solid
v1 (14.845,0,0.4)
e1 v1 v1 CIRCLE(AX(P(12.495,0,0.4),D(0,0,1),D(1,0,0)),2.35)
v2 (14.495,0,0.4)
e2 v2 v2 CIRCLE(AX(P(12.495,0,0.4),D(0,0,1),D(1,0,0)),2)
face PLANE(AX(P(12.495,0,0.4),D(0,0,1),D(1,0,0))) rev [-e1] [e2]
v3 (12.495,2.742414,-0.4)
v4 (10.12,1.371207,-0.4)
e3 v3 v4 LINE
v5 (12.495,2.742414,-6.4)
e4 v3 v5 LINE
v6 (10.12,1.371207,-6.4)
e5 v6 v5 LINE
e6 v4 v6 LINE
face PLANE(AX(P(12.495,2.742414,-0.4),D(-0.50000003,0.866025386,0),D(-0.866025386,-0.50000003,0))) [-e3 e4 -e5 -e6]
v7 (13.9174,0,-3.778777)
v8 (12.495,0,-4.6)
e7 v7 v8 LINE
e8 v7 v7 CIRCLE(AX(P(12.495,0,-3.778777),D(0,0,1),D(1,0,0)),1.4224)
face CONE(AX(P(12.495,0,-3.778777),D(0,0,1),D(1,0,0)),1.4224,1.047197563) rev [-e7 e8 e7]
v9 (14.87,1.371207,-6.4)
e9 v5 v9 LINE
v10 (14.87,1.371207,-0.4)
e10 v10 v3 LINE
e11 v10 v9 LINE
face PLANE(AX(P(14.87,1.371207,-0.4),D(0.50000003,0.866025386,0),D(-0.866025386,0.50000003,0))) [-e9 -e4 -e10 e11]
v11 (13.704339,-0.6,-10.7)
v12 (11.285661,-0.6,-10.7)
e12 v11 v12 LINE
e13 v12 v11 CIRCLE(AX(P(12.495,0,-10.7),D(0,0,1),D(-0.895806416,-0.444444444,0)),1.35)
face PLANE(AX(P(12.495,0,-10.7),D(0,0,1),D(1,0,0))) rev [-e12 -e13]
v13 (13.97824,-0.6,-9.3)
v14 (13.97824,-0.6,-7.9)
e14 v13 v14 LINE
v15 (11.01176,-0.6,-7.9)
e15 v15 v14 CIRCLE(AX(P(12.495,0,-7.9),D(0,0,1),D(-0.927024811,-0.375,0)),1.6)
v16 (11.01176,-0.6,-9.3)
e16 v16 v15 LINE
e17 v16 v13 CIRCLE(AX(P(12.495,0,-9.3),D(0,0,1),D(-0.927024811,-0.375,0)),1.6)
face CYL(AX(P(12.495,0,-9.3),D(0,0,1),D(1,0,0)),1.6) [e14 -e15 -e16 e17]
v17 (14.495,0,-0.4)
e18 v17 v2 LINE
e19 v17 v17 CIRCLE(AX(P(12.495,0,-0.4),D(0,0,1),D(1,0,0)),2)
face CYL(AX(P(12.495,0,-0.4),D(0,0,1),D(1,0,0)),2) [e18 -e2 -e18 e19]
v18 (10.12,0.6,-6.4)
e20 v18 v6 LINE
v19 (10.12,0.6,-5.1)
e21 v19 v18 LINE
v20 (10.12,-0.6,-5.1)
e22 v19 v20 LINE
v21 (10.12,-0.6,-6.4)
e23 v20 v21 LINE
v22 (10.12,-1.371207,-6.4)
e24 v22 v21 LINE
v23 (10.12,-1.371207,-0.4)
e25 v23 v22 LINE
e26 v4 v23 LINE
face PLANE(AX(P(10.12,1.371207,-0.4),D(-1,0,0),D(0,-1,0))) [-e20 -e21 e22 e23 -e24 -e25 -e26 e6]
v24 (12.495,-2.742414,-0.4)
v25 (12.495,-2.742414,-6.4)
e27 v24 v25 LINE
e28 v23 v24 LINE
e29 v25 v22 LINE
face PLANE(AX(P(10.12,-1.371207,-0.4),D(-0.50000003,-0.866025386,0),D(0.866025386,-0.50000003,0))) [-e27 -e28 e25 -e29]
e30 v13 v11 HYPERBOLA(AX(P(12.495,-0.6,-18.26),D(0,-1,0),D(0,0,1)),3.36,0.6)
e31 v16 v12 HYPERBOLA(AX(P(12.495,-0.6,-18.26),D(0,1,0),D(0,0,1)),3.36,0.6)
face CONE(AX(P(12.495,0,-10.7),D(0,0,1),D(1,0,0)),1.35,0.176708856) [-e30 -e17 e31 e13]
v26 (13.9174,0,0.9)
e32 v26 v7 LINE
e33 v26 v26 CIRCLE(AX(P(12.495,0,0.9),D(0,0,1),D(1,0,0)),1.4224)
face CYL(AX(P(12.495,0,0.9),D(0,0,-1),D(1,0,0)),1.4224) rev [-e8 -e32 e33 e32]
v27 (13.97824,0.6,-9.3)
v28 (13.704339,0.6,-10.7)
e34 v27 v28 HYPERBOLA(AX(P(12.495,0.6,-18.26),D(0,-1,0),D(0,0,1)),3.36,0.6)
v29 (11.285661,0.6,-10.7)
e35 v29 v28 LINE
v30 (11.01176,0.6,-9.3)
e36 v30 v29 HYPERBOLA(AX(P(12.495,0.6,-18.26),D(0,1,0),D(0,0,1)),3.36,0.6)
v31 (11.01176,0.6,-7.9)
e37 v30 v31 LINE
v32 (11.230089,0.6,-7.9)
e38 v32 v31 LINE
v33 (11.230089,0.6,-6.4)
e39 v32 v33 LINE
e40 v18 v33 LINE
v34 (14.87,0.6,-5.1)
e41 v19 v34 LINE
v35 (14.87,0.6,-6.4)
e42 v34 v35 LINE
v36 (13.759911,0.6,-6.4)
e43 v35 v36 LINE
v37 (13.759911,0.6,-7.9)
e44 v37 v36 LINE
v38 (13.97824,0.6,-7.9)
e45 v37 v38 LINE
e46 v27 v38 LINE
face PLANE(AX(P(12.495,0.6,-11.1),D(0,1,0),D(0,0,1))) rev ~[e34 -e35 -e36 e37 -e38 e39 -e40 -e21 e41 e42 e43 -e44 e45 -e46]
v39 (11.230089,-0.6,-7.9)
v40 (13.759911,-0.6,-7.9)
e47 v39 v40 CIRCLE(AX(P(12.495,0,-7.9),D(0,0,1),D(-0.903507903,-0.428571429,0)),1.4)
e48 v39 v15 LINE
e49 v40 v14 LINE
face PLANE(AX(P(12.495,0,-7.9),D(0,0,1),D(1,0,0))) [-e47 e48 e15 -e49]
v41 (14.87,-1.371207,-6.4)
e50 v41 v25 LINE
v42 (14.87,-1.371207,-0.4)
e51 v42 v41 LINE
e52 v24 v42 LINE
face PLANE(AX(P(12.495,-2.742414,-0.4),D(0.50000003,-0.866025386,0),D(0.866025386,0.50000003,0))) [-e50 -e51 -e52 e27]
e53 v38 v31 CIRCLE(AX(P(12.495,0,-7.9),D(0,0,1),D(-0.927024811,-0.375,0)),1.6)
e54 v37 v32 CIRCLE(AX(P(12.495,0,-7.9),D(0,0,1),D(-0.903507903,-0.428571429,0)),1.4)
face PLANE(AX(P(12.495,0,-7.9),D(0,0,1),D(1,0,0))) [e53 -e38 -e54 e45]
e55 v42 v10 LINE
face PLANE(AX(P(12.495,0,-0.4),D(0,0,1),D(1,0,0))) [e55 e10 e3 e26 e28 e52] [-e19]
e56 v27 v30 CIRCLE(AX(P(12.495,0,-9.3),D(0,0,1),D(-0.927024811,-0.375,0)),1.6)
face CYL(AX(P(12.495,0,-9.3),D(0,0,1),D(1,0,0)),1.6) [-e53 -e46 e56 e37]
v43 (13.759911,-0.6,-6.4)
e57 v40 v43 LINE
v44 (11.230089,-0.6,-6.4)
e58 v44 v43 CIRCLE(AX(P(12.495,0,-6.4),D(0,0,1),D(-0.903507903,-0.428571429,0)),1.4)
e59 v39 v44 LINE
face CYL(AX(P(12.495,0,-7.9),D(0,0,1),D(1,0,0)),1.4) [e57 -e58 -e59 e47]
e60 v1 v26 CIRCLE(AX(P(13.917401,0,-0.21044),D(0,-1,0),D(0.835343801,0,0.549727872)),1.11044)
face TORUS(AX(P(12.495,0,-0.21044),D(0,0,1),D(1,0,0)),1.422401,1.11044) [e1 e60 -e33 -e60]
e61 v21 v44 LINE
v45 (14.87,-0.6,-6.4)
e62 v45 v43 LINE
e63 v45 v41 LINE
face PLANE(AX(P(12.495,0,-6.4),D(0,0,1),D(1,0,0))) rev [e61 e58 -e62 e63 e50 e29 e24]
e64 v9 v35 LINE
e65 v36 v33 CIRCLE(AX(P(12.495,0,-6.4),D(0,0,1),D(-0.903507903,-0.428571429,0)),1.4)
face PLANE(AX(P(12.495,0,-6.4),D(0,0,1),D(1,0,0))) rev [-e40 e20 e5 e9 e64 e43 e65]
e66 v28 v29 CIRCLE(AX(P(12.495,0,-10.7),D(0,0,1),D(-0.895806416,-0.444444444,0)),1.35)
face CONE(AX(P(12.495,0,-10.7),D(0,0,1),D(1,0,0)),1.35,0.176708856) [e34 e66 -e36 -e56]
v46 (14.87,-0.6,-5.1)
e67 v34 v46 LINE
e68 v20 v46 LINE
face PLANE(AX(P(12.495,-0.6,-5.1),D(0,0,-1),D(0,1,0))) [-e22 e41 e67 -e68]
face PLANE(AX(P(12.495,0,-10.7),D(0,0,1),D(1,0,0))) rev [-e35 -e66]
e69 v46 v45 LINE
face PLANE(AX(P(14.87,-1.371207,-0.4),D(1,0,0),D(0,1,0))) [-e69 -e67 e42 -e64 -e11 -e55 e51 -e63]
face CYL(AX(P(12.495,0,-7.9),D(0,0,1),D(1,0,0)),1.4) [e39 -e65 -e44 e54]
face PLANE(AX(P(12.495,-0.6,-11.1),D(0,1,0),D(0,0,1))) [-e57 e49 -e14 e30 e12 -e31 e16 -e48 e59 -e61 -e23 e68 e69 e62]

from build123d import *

# Parameters (mm, degrees)
SKETCH010_R          = 4.679612
POCKET005_DEPTH      = 10.301
SKETCH011_W          = 1.2
SKETCH011_H          = 6
POCKET006_DEPTH      = 2.376
POCKET006_DEPTH_BACK = 2.376


with BuildPart() as part:
    # Sketch009 → Revolution (revolve)
    with BuildSketch(Plane.XZ):
        with BuildLine():
            Line((1.4224, 0.5), (1.4224, -4.178777))
            Line((1.4224, -4.178777), (0, -5))
            Line((0, -5), (0, -11.1))
            Line((0, -11.1), (1.35, -11.1))
            Line((1.35, -11.1), (1.6, -9.7))
            Line((1.6, -9.7), (1.6, -8.3))
            Line((1.6, -8.3), (1.4, -8.3))
            Line((1.4, -8.3), (1.4, -6.8))
            Line((1.4, -6.8), (4, -6.8))
            Line((4, -6.8), (4, -0.8))
            Line((4, -0.8), (2, -0.8))
            Line((2, -0.8), (2, 0))
            Line((2, 0), (2.35, 0))
            ThreePointArc((2.35, 0), (1.949288, 0.36704), (1.4224, 0.5))
        make_face()
    revolve(axis=Axis((0, 0, 0), (0, 0, 1)))

    # Sketch010 (on Face10 of Revolution) → Pocket005 (cut, through all)
    with BuildSketch(Plane(origin=(0, 0, -0.8), x_dir=(-1, 0, 0), z_dir=(0, 0, 1))):
        Circle(SKETCH010_R)
        Polygon((0, 2.742414), (-2.375, 1.371207), (-2.375, -1.371207), (0, -2.742414), (2.375, -1.371207), (2.375, 1.371207), align=None, mode=Mode.SUBTRACT)
    extrude(amount=-POCKET005_DEPTH, mode=Mode.SUBTRACT)

    # Sketch011 → Pocket006 (cut, two sides)
    with BuildSketch(Plane.YZ) as pocket006_sk:
        with Locations((0, -8.5)):
            Rectangle(SKETCH011_W, SKETCH011_H)
    extrude(amount=-POCKET006_DEPTH, mode=Mode.SUBTRACT)
    extrude(pocket006_sk.sketch, amount=POCKET006_DEPTH_BACK, mode=Mode.SUBTRACT)


with BuildPart() as part_1:
    # Body002 placement: moved
    add(part.part.moved(Location((-12.495, 0, 0.4))))


with BuildPart() as part_2:
    # Clone placement: moved
    add(part_1.part.moved(Location((12.495, 0, -0.4))))


with BuildPart() as part_3:
    # Body003 placement: moved
    add(part_2.part.moved(Location((12.495, 0, 0.4))))


solid = part_3.part
